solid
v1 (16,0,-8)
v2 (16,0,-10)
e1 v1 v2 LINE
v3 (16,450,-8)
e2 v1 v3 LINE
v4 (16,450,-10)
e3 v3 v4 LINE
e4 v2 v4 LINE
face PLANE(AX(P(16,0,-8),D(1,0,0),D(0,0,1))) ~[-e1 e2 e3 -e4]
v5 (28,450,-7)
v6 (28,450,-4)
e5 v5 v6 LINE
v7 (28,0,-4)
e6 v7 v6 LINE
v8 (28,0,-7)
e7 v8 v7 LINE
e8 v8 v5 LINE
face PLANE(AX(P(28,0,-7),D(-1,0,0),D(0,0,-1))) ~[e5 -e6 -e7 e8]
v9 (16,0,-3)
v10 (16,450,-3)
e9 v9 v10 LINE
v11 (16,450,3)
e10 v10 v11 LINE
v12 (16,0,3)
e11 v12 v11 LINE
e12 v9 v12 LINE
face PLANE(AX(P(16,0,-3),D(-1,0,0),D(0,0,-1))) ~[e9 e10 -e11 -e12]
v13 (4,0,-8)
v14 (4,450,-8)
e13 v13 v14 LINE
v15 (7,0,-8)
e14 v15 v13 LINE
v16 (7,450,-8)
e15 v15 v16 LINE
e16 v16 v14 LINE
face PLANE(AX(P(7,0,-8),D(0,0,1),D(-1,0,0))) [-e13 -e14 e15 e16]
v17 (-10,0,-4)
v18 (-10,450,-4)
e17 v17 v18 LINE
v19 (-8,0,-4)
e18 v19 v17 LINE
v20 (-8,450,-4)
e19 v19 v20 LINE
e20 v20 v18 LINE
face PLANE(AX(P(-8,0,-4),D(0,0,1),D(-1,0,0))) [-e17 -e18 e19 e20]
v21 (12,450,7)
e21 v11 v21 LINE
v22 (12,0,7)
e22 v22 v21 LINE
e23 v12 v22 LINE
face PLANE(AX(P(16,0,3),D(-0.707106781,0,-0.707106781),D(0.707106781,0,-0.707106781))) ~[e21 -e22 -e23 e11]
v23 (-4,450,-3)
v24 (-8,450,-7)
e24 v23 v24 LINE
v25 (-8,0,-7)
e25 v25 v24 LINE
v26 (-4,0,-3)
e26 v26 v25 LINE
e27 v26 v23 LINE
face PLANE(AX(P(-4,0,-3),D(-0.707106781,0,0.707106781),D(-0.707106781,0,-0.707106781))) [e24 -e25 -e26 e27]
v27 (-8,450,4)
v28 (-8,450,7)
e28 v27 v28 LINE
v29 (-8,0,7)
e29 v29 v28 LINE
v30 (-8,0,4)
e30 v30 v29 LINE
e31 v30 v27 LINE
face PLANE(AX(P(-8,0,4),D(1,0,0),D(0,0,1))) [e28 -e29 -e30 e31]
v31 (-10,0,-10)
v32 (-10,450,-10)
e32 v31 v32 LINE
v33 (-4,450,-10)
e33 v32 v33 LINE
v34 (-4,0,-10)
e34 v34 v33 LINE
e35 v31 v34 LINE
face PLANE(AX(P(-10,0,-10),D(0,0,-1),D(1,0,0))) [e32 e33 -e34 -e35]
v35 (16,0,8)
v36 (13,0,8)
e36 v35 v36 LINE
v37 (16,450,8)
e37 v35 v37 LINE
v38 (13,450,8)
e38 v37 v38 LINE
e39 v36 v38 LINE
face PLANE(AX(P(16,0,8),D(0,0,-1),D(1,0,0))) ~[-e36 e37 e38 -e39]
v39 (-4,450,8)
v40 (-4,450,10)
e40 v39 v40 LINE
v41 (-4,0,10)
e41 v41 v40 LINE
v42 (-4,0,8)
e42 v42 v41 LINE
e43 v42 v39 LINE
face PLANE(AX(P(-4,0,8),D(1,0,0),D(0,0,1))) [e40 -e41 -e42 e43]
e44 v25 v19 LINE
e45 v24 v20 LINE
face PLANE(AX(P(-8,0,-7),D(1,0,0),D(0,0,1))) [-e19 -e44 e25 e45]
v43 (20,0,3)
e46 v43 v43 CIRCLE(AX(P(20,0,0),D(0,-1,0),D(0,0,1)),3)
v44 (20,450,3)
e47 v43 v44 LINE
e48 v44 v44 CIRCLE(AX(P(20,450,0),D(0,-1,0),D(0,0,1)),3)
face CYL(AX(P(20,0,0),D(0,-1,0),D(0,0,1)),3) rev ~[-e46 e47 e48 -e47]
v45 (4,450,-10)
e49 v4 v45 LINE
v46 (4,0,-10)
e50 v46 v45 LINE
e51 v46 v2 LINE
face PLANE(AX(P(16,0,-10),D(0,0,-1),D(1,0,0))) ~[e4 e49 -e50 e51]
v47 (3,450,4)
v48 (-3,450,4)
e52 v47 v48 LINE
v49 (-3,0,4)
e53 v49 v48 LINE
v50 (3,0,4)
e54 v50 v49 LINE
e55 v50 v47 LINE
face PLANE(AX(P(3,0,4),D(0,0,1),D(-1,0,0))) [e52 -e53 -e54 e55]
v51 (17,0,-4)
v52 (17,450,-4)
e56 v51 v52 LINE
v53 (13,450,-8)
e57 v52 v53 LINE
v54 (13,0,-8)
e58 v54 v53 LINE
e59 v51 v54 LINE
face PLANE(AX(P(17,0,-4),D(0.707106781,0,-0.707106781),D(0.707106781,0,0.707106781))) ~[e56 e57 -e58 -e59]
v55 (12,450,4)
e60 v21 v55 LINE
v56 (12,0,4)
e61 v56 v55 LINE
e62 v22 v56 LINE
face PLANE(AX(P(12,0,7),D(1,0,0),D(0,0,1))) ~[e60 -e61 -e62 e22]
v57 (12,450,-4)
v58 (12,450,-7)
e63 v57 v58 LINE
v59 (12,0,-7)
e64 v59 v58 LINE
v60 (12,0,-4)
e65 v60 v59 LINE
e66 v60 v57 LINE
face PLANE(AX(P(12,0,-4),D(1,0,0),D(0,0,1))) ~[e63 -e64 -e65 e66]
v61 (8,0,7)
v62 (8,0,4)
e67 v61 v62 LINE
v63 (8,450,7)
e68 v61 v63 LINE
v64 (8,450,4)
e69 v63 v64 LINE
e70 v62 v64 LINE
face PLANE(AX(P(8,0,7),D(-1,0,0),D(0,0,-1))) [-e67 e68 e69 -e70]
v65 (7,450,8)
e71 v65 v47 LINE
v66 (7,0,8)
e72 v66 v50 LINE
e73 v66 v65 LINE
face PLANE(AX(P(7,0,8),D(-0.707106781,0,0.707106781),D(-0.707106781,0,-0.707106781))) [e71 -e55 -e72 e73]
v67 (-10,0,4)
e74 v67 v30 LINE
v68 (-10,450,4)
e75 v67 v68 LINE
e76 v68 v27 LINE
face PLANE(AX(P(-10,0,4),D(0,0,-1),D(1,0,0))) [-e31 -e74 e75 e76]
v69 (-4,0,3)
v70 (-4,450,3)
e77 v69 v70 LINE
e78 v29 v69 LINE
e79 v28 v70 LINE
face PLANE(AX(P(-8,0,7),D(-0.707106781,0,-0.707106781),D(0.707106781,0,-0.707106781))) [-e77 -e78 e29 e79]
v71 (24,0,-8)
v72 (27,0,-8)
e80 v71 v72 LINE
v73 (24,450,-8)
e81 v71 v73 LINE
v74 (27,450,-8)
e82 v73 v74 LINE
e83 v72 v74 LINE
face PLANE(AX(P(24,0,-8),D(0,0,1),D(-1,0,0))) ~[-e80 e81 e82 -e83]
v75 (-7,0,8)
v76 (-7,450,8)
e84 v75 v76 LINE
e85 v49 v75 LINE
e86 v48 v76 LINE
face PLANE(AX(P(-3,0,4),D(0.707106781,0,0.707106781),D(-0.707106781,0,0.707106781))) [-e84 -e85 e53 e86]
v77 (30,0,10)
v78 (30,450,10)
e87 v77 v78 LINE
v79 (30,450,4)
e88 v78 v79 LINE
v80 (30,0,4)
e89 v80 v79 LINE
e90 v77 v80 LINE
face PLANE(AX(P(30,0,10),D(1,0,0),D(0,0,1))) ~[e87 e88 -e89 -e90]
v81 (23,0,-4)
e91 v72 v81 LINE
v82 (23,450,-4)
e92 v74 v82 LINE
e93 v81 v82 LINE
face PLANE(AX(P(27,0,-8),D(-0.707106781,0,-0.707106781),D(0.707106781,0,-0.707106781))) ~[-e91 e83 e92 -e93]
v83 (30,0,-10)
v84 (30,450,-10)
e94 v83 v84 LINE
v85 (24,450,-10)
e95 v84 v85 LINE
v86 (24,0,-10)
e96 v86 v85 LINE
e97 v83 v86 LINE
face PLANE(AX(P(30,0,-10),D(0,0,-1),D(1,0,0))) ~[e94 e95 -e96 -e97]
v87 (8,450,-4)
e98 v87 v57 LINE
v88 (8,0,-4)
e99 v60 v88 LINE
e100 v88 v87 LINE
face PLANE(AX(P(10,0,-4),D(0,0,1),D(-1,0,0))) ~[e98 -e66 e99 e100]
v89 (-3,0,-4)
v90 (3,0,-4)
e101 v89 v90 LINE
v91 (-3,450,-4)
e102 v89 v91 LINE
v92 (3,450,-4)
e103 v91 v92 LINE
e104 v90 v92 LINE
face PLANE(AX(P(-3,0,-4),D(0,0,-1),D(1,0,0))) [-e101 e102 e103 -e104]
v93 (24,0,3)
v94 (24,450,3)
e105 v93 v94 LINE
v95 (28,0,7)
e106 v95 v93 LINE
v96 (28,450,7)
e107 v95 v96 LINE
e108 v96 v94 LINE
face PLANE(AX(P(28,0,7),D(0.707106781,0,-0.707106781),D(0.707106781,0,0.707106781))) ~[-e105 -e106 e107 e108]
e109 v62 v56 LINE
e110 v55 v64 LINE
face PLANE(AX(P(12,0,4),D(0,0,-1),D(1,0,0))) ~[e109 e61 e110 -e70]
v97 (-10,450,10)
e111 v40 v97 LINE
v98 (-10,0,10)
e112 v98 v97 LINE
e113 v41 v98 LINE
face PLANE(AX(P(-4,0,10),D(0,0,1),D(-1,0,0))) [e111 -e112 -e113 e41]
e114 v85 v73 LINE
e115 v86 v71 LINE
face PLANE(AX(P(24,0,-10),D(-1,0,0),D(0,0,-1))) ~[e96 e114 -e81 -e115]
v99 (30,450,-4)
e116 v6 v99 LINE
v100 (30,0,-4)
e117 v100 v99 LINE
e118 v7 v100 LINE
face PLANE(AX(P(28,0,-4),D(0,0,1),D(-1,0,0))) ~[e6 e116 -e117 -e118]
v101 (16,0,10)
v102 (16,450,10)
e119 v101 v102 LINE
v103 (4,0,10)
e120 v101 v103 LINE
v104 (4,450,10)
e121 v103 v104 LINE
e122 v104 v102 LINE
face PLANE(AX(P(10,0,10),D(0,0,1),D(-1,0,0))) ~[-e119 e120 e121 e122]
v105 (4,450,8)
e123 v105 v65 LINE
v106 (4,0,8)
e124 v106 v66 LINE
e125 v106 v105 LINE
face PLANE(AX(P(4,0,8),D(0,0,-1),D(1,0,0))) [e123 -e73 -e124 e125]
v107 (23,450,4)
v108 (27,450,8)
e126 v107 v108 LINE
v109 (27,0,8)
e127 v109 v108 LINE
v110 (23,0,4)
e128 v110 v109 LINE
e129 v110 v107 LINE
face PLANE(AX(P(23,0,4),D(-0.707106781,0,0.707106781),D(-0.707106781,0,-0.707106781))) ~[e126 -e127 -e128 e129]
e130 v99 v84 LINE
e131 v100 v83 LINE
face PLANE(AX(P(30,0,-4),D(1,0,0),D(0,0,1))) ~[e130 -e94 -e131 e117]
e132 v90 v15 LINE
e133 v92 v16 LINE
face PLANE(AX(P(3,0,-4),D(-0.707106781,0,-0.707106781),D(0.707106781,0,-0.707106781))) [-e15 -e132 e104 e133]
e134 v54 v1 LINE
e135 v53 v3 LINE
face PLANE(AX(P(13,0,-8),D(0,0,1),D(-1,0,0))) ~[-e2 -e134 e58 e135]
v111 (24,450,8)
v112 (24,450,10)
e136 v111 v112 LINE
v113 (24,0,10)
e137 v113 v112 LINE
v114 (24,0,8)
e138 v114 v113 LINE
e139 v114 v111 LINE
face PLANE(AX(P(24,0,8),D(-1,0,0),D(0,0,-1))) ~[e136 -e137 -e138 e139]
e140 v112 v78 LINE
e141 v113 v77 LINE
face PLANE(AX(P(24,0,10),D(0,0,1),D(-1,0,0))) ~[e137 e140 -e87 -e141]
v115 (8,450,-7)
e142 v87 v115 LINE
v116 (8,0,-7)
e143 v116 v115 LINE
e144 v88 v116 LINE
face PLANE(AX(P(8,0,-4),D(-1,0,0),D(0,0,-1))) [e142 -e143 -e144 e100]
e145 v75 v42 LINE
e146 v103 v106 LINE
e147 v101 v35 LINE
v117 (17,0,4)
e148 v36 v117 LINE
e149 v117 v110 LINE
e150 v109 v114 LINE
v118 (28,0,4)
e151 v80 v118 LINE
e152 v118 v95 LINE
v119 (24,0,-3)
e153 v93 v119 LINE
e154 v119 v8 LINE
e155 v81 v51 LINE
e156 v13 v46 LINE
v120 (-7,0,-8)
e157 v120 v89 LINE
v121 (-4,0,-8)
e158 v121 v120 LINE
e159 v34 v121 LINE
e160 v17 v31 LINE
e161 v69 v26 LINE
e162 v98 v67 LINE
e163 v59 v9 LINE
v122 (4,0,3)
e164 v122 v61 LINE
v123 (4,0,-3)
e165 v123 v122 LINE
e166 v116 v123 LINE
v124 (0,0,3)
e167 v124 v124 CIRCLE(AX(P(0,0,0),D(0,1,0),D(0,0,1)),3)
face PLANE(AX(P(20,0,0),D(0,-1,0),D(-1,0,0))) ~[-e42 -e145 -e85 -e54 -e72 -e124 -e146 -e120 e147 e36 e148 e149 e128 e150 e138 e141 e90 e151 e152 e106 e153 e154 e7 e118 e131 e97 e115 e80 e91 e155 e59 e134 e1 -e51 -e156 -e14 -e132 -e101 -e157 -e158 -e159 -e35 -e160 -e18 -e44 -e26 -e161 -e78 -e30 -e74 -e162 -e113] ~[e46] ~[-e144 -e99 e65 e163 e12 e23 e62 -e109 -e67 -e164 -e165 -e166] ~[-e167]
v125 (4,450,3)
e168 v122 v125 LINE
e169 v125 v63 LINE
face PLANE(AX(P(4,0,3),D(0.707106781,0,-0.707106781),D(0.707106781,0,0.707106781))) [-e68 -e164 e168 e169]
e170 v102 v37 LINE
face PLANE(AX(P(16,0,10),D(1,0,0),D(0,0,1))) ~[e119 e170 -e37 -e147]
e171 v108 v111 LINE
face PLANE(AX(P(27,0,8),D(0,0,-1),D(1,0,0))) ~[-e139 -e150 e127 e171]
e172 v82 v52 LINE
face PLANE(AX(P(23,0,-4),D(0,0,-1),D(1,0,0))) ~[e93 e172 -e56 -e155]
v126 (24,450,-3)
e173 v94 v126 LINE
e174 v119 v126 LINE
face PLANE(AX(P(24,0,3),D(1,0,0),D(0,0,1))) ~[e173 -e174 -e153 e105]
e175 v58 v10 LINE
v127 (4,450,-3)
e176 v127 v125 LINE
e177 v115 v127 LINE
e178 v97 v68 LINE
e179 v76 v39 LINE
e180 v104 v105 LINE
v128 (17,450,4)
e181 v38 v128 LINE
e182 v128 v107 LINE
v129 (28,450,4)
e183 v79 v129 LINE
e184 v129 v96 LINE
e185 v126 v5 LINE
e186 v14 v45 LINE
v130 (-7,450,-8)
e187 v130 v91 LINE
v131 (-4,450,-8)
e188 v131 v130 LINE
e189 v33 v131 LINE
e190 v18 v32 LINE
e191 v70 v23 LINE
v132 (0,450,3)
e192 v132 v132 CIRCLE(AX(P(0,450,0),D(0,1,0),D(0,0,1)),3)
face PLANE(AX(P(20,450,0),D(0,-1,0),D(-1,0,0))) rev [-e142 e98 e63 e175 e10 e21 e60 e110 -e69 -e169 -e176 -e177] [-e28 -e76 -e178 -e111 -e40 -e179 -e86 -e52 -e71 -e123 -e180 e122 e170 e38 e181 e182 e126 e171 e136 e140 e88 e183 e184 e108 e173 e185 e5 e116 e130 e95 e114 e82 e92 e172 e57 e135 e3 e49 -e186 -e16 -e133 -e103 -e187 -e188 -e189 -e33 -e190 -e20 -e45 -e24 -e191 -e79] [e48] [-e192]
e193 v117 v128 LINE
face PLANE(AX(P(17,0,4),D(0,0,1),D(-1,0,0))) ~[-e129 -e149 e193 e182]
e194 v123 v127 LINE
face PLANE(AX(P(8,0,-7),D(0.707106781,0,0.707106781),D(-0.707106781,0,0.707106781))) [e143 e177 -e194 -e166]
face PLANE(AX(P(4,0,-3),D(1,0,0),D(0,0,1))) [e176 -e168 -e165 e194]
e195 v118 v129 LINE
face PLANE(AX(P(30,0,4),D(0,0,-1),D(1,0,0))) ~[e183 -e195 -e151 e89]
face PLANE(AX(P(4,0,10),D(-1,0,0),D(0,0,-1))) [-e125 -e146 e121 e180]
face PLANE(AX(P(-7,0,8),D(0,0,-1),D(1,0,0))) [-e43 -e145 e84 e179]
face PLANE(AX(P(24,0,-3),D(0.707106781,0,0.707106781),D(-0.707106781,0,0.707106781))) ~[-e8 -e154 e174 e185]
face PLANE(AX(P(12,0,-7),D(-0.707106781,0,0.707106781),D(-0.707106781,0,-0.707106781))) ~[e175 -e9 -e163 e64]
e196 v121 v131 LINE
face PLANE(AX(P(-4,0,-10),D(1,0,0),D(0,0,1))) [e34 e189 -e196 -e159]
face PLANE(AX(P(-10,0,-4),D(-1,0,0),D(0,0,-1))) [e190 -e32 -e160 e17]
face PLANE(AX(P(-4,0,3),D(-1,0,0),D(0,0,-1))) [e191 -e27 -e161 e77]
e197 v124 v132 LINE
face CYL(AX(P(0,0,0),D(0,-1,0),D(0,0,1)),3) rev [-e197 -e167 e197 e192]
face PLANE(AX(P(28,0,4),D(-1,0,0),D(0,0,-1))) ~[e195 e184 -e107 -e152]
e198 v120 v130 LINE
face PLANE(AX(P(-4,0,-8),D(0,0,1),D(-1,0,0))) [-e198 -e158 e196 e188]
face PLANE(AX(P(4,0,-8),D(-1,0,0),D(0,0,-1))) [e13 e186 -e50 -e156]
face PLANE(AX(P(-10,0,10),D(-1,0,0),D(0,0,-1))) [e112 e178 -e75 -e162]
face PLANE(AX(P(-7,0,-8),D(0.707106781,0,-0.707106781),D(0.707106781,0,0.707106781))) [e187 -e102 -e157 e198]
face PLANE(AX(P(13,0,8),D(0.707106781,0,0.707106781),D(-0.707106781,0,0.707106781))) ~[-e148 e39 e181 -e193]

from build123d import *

# Parameters (mm, degrees)
F_2020_SKETCH_R     = 3
BOSS_EXTRUDE1_DEPTH = 450


with BuildPart() as part:
    # 2020 sketch → Boss-Extrude1 (new body)
    with BuildSketch(Plane(origin=(0, 0, 0), x_dir=(1, 0, 0), z_dir=(0, 1, 0))):
        Polygon((-4, 10), (-4, 8), (-7, 8), (-3, 4), (3, 4), (7, 8), (4, 8), (4, 10), (10, 10), (10, 4), (8, 4), (8, 7), (4, 3), (4, -3), (8, -7), (8, -4), (10, -4), (10, -10), (4, -10), (4, -8), (7, -8), (3, -4), (-3, -4), (-7, -8), (-4, -8), (-4, -10), (-10, -10), (-10, -4), (-8, -4), (-8, -7), (-4, -3), (-4, 3), (-8, 7), (-8, 4), (-10, 4), (-10, 10), align=None)
        with Locations(Location((0, 0, 0), (0, 0, 270))):
            Circle(F_2020_SKETCH_R, mode=Mode.SUBTRACT)
    boss_extrude1 = extrude(amount=BOSS_EXTRUDE1_DEPTH)

    # Mirror1: Boss-Extrude1 across plane
    add(boss_extrude1.mirror(Plane(origin=(10, 450, 4), x_dir=(0, 0, 1), z_dir=(1, 0, 0))))


solid = part.part
